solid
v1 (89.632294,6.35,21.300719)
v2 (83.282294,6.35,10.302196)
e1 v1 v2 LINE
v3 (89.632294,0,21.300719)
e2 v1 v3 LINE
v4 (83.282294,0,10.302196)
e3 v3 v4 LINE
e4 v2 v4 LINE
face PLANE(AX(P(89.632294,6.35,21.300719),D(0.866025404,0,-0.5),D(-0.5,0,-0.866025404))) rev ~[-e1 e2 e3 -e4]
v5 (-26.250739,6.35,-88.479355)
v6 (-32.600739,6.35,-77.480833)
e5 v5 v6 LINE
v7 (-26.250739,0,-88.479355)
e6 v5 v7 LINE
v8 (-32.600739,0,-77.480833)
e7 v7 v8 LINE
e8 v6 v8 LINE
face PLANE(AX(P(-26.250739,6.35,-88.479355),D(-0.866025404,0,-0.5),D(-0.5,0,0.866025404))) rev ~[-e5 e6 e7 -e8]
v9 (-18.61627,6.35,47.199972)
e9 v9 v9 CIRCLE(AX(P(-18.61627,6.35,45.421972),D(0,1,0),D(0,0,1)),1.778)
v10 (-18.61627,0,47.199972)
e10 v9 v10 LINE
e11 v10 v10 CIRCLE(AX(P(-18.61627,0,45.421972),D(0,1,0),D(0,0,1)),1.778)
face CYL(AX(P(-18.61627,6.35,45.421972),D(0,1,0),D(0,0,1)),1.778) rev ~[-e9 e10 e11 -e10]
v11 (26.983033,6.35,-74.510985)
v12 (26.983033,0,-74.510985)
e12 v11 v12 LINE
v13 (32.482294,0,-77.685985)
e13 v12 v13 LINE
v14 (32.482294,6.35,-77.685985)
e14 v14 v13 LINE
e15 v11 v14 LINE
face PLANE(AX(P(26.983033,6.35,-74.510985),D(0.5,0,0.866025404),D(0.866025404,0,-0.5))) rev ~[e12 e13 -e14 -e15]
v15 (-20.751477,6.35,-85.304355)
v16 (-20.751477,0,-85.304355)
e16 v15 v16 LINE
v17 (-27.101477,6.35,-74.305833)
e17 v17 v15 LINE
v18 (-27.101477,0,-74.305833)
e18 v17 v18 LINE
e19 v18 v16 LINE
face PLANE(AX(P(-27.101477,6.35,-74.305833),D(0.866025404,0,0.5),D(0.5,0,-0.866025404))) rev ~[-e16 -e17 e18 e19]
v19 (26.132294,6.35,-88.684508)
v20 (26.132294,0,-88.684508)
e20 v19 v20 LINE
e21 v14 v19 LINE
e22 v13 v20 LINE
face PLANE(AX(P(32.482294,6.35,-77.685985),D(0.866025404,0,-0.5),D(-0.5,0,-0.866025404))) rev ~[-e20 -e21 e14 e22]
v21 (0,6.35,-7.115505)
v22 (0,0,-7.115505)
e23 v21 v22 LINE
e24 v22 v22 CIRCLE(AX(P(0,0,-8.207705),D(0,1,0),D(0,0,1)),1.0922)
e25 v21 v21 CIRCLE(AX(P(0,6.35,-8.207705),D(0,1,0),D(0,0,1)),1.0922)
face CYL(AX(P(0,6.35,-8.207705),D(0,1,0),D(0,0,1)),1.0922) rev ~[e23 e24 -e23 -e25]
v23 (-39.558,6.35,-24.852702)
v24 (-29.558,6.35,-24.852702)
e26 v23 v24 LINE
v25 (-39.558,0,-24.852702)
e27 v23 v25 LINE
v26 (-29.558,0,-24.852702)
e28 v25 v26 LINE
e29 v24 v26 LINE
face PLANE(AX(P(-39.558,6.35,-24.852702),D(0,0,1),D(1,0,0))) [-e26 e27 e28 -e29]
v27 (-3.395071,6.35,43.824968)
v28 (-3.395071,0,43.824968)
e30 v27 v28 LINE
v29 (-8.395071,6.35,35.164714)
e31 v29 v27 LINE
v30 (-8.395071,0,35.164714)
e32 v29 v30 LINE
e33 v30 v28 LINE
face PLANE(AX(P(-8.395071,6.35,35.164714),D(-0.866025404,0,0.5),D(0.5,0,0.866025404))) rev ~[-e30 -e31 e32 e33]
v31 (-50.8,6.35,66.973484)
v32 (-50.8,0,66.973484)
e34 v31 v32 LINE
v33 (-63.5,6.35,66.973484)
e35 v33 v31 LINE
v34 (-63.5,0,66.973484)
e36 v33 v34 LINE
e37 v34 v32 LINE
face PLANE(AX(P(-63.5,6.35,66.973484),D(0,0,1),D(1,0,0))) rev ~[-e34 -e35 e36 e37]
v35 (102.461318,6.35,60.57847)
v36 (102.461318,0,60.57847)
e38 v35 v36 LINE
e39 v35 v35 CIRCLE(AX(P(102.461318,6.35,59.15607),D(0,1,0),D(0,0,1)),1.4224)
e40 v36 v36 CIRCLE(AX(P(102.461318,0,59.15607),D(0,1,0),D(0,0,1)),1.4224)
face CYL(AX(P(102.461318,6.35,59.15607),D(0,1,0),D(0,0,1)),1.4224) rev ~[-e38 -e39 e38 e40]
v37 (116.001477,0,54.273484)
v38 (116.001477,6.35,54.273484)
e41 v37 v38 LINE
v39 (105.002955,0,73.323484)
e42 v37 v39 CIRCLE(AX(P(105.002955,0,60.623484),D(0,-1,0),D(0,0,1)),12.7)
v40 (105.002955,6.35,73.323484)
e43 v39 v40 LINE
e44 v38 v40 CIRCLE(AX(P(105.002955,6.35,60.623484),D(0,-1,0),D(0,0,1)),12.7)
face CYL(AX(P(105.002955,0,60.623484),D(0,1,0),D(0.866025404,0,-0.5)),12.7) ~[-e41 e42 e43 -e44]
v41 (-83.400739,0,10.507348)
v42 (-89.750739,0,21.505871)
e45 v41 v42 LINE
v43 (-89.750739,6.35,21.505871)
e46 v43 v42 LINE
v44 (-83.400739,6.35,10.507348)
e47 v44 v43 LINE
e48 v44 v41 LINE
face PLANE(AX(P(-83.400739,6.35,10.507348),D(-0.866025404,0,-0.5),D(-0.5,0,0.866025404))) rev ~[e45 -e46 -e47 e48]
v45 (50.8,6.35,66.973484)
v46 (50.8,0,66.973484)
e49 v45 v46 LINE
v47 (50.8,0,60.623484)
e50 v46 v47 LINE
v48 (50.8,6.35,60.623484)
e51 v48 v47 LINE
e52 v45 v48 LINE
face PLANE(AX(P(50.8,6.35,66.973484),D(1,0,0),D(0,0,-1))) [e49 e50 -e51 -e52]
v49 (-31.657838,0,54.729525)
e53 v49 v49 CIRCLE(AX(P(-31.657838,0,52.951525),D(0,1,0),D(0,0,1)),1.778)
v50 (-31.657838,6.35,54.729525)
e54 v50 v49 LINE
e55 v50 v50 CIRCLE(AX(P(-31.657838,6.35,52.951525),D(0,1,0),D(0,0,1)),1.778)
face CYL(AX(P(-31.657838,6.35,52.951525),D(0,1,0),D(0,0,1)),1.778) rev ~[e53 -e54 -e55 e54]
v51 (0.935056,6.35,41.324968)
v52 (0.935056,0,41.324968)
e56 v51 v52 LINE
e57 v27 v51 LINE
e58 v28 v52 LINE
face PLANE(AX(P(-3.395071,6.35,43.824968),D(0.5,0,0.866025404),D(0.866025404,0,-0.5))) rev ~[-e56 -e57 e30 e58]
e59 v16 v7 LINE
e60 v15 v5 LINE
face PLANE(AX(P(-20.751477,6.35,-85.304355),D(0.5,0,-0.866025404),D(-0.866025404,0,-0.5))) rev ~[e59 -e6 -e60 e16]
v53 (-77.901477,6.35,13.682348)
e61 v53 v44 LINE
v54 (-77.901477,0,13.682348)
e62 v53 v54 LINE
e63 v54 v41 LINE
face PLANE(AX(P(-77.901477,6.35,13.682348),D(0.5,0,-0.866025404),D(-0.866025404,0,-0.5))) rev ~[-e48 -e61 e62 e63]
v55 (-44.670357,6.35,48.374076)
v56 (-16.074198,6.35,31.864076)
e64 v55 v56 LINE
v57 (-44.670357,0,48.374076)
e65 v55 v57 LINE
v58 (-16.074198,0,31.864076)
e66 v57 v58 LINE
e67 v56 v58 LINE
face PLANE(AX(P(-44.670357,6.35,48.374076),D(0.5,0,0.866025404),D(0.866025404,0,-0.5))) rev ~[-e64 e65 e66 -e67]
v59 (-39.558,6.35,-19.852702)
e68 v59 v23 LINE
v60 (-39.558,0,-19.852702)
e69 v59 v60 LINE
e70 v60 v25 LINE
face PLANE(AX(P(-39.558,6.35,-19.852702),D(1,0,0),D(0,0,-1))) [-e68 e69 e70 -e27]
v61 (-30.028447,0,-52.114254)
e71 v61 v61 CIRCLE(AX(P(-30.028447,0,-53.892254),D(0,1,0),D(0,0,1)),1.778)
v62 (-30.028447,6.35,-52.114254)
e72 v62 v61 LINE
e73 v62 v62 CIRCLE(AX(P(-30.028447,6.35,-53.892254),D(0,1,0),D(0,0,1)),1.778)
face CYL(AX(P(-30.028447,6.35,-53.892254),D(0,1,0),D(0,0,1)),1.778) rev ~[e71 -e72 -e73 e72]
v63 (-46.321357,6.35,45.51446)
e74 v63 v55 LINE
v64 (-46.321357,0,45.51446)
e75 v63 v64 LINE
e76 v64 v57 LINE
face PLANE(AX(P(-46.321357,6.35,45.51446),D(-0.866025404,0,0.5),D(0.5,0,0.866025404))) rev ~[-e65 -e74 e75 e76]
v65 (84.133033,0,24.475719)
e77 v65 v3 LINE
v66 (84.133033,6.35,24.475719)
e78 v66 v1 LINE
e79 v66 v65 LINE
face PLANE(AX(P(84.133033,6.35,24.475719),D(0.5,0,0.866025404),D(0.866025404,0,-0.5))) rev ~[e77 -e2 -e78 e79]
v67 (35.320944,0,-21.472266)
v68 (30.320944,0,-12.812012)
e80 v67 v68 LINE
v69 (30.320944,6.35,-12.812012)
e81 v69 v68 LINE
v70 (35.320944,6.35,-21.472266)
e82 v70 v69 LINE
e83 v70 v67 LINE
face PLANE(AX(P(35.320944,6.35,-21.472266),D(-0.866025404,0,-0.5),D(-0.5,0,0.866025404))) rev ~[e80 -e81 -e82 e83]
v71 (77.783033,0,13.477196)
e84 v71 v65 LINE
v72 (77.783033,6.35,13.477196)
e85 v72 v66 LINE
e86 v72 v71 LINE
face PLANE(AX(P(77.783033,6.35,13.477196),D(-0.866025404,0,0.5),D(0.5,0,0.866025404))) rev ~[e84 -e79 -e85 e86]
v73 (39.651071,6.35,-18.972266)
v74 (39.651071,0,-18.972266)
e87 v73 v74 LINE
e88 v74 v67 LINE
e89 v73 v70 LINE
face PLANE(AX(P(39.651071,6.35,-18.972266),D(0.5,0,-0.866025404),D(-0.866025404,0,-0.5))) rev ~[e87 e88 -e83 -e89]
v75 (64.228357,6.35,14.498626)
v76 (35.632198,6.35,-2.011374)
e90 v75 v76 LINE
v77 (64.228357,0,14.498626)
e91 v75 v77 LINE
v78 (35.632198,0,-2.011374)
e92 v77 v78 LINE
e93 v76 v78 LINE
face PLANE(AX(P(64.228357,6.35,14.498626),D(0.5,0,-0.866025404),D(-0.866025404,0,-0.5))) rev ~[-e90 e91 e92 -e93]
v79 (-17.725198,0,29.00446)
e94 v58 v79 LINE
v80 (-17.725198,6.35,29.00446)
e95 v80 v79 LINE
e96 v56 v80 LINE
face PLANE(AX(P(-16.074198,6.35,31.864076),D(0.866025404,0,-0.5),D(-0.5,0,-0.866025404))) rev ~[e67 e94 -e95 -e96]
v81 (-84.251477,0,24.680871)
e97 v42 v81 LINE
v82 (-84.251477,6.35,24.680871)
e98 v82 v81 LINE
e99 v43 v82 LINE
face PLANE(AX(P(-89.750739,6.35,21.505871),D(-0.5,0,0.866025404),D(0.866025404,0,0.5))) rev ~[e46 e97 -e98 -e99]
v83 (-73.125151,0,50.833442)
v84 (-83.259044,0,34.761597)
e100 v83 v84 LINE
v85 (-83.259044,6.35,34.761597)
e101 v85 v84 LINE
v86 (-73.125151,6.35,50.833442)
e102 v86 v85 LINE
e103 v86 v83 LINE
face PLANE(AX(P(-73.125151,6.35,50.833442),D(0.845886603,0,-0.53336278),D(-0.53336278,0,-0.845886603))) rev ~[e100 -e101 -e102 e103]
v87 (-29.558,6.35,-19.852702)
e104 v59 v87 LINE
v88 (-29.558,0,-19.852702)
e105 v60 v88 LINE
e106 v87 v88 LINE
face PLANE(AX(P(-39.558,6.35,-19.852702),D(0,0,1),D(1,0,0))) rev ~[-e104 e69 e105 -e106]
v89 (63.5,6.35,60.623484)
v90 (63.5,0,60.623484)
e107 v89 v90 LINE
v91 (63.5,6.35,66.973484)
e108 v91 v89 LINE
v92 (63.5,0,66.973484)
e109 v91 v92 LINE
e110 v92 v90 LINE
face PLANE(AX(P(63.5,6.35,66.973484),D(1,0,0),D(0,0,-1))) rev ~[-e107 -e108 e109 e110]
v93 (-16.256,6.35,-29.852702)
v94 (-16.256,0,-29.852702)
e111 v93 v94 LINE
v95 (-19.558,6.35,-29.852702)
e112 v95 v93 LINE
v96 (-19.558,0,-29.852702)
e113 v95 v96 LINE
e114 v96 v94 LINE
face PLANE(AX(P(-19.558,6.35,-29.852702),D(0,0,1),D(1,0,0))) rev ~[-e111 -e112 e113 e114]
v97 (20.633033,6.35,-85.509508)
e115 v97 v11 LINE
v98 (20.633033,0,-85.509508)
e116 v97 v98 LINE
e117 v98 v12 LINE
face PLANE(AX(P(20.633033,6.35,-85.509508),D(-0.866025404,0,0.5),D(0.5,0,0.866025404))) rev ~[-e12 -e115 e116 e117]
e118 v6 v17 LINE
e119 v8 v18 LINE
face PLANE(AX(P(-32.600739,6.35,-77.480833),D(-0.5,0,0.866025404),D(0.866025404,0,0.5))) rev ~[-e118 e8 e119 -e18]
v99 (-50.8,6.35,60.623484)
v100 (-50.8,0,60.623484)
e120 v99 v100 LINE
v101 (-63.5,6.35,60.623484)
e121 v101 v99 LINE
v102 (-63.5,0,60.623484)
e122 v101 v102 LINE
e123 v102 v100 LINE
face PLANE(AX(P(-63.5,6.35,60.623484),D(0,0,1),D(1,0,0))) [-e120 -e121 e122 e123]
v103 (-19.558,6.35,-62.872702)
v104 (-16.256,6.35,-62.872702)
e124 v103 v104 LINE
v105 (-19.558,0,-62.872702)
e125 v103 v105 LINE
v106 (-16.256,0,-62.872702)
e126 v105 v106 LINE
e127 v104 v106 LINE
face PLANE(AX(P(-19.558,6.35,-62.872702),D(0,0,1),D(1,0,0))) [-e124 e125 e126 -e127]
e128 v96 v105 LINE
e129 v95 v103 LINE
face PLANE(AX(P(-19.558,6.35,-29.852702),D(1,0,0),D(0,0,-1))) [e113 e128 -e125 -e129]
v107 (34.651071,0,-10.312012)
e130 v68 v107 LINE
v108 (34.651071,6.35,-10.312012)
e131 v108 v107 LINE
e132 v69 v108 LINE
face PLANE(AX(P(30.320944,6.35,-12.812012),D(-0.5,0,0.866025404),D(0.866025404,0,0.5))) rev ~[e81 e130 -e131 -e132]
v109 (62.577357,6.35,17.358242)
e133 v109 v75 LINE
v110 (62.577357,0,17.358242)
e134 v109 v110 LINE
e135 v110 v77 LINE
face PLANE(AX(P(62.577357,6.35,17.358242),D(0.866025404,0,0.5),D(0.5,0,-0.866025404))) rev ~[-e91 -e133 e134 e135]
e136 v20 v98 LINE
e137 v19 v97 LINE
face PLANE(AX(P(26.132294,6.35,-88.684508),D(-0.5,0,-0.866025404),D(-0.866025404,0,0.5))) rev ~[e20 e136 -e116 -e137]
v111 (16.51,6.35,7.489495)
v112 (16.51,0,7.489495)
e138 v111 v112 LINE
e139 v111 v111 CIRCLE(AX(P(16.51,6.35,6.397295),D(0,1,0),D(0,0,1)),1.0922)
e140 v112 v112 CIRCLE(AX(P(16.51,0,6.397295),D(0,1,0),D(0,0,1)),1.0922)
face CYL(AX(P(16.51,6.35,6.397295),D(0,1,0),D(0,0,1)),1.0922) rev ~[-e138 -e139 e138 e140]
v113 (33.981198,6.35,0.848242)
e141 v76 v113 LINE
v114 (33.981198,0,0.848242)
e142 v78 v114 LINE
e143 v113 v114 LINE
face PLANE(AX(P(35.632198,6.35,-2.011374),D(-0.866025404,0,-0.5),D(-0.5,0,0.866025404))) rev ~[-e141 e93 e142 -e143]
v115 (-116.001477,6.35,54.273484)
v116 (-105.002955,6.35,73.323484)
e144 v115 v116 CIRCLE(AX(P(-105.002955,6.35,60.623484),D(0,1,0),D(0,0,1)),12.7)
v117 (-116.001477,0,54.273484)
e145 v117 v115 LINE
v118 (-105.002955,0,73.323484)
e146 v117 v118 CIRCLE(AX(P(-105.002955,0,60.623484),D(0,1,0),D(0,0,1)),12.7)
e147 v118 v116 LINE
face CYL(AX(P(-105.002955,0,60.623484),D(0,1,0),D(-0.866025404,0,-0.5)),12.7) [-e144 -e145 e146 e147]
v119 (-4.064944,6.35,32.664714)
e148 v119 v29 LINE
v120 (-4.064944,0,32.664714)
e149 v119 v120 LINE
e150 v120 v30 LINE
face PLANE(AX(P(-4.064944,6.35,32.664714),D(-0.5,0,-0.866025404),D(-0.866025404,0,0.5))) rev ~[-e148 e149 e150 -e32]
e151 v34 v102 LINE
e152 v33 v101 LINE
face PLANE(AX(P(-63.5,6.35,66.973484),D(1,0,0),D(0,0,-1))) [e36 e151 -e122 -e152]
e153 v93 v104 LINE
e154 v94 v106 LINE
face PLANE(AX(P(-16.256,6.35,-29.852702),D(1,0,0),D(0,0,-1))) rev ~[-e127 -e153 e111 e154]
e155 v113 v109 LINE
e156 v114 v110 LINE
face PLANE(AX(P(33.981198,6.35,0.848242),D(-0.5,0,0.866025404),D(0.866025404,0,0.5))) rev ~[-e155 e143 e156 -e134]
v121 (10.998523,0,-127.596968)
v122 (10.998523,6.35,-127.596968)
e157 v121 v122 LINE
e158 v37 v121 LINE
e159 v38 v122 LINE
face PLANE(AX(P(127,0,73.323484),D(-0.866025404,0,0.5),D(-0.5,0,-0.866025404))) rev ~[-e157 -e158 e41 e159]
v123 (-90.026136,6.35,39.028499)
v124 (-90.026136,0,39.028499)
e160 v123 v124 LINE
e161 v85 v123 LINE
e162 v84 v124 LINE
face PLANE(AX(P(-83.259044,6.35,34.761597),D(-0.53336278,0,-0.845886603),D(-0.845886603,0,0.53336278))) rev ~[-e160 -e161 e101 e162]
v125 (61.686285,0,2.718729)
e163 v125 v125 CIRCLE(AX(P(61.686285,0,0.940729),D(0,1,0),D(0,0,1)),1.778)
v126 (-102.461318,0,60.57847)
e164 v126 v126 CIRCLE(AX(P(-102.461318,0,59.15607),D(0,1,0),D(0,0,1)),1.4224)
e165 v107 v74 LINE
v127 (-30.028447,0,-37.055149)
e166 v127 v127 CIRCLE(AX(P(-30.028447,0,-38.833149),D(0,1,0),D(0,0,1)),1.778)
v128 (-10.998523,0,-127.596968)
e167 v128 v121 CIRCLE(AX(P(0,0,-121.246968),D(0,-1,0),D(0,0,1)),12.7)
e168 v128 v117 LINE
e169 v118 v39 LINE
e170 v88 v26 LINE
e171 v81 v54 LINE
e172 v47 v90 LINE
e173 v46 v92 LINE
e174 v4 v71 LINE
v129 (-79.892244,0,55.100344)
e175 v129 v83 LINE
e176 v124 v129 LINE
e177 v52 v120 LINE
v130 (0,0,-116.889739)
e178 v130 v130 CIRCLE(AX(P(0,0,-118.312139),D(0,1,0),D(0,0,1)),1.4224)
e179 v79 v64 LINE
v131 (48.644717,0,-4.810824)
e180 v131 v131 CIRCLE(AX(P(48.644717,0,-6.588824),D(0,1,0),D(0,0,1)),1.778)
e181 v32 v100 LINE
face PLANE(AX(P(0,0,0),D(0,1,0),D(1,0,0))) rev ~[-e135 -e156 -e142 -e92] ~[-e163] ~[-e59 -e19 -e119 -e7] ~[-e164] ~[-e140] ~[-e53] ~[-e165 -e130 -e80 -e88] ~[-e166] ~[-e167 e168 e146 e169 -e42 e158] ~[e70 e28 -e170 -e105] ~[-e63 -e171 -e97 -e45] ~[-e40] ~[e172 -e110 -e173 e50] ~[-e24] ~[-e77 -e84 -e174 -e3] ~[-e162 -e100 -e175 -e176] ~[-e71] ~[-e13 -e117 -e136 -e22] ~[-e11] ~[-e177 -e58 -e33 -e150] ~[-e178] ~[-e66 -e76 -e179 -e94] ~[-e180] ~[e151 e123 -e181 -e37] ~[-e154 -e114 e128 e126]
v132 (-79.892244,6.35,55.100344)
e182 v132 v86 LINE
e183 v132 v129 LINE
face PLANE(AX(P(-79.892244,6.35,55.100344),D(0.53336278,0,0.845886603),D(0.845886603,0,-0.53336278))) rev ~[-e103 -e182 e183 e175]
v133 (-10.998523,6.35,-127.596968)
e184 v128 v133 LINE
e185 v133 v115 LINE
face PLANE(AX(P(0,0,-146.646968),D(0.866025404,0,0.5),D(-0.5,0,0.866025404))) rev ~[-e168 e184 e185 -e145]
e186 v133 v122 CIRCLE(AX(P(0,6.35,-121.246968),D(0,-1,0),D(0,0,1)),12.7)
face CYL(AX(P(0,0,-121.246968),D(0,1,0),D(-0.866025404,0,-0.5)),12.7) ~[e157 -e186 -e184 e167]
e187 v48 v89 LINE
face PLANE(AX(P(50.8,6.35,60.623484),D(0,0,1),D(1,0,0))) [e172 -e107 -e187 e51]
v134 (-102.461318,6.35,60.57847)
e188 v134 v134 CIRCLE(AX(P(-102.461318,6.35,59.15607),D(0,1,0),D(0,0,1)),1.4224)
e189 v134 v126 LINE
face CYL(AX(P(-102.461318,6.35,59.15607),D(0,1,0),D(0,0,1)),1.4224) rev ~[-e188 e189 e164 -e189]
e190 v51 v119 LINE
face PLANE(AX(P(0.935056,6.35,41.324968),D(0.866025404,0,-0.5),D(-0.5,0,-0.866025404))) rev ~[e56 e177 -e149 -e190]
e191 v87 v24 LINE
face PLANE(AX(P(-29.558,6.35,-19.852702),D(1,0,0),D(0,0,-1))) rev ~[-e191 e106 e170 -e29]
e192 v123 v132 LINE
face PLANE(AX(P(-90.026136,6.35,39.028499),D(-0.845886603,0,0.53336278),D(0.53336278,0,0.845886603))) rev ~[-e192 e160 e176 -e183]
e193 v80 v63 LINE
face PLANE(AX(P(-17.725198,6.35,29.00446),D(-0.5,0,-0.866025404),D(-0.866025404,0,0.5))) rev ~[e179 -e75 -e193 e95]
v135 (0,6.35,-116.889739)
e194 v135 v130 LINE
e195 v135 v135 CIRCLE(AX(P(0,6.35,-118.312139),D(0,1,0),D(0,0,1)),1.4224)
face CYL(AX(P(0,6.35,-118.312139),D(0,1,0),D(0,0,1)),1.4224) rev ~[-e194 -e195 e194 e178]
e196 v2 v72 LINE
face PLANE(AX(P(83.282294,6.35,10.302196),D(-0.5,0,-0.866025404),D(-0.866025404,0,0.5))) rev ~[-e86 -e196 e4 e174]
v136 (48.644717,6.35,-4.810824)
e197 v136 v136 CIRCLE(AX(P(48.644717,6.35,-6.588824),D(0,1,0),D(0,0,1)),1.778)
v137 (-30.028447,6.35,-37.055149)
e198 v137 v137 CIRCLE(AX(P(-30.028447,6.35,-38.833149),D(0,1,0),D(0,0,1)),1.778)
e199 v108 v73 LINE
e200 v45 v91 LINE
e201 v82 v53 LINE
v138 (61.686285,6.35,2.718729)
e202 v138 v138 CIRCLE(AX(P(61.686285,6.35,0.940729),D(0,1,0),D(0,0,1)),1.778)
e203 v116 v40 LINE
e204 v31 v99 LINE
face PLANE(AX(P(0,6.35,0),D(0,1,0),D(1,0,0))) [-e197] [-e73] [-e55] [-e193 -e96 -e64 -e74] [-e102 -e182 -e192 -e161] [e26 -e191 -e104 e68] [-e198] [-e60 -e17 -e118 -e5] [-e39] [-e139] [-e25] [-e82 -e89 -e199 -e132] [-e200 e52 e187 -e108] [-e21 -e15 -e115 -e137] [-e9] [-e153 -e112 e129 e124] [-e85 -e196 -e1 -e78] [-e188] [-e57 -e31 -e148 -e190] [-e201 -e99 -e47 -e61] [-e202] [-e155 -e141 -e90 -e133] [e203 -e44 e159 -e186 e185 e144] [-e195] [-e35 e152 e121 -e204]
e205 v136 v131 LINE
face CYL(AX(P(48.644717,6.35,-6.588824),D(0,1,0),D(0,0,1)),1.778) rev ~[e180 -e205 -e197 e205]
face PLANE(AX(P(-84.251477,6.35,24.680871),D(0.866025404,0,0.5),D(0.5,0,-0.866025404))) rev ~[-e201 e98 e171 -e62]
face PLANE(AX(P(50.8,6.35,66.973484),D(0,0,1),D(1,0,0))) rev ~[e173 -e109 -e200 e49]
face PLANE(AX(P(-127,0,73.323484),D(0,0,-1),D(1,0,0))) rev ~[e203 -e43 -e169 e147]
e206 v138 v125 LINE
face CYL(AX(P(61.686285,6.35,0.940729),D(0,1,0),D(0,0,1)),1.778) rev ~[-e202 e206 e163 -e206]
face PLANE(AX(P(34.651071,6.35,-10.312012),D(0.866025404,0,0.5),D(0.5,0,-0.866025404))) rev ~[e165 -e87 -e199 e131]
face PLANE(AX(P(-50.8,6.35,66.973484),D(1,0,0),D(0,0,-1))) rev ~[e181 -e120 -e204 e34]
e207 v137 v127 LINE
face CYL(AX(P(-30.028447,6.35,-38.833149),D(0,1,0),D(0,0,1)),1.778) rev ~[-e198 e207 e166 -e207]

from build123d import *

# Parameters (mm, degrees)
BOSS_EXTRUDE1_DEPTH = 6.35
SKETCH2_W           = 3.302
SKETCH2_H           = 33.02
SKETCH2_R           = 1.778
CUT_EXTRUDE1_DEPTH  = 195.099602868
SKETCH3_R           = 1.4224
SKETCH3_W           = 10
SKETCH3_H           = 5
CUT_EXTRUDE2_DEPTH  = 195.099602868
SKETCH4_R           = 1.0922
CUT_EXTRUDE3_DEPTH  = 195.099602868
FILLET1_R           = 12.7
SKETCH5_W           = 12.7
SKETCH5_H           = 6.35
CUT_EXTRUDE4_DEPTH  = 179.426731159
CUT_EXTRUDE5_DEPTH  = 179.426731159


with BuildPart() as part:
    # Sketch1 → Boss-Extrude1 (new body)
    with BuildSketch(Plane(origin=(0, 0, 0), x_dir=(1, 0, 0), z_dir=(0, 1, 0))):
        Polygon((0, 146.646968374), (-127, -73.323484187), (127, -73.323484187), align=None)
    extrude(amount=BOSS_EXTRUDE1_DEPTH)

    # Sketch2 → Cut-Extrude1 (cut, through all)
    with BuildSketch(Plane(origin=(0, 6.35, 0), x_dir=(1, 0, 0), z_dir=(0, 1, 0))):
        with Locations((-17.907, 46.362701567)):
            Rectangle(SKETCH2_W, SKETCH2_H)
        Polygon((64.228356761, -14.498625936), (35.632197928, 2.011374064), (33.981197928, -0.848241819), (62.577356761, -17.358241819), align=None)
        with Locations(Location((48.644716778, 6.588823684, 0), (0, 0, 270))):
            Circle(SKETCH2_R)
        with Locations(Location((61.686284992, -0.940729235, 0), (0, 0, 270))):
            Circle(SKETCH2_R)
        with Locations(Location((-30.028447081, 38.833148648, 0), (0, 0, 270))):
            Circle(SKETCH2_R)
        with Locations(Location((-30.028447081, 53.892254486, 0), (0, 0, 270))):
            Circle(SKETCH2_R)
        Polygon((-16.074197928, -31.864075631), (-17.725197928, -29.004459747), (-46.321356761, -45.514459747), (-44.670356761, -48.374075631), align=None)
        with Locations(Location((-18.616269697, -45.421972332, 0), (0, 0, 270))):
            Circle(SKETCH2_R)
        with Locations(Location((-31.657837912, -52.951525251, 0), (0, 0, 270))):
            Circle(SKETCH2_R)
    extrude(amount=-CUT_EXTRUDE1_DEPTH, mode=Mode.SUBTRACT)

    # Sketch3 → Cut-Extrude2 (cut, through all)
    with BuildSketch(Plane(origin=(0, 6.35, 0), x_dir=(1, 0, 0), z_dir=(0, 1, 0))):
        with Locations(Location((0, 118.312139176, 0), (0, 0, 270))):
            Circle(SKETCH3_R)
        with Locations(Location((-102.461318102, -59.156069588, 0), (0, 0, 270))):
            Circle(SKETCH3_R)
        with Locations(Location((102.461318102, -59.156069588, 0), (0, 0, 270))):
            Circle(SKETCH3_R)
        with Locations((-34.558, 22.352701567)):
            Rectangle(SKETCH3_W, SKETCH3_H)
        Polygon((0.935056109, -41.324967823), (-4.064943891, -32.664713785), (-8.395070909, -35.164713785), (-3.395070909, -43.824967823), align=None)
        Polygon((35.320943891, 21.472266256), (30.320943891, 12.812012218), (34.651070909, 10.312012218), (39.651070909, 18.972266256), align=None)
    extrude(amount=-CUT_EXTRUDE2_DEPTH, mode=Mode.SUBTRACT)

    # Sketch4 → Cut-Extrude3 (cut, through all)
    with BuildSketch(Plane(origin=(0, 6.35, 0), x_dir=(1, 0, 0), z_dir=(0, 1, 0))):
        with Locations(Location((0, 8.207705491, 0), (0, 0, 270))):
            Circle(SKETCH4_R)
        with Locations(Location((16.51, -6.397294509, 0), (0, 0, 270))):
            Circle(SKETCH4_R)
    extrude(amount=-CUT_EXTRUDE3_DEPTH, mode=Mode.SUBTRACT)

    # Fillet1
    fillet1_edges = [part.edges().sort_by_distance(p)[0] for p in [
        (127, 3.175, 73.323484187),
        (-127, 3.175, 73.323484187),
        (0, 3.175, -146.646968374),
    ]]
    fillet(fillet1_edges, radius=FILLET1_R)

    # Sketch5 → Cut-Extrude4 (cut, through all)
    with BuildSketch(Plane(origin=(0, 6.35, 0), x_dir=(1, 0, 0), z_dir=(0, 1, 0))):
        with Locations((-57.15, -63.798484187)):
            Rectangle(SKETCH5_W, SKETCH5_H)
        with Locations((57.15, -63.798484187)):
            Rectangle(SKETCH5_W, SKETCH5_H)
        Polygon((89.632293954, -21.300718754), (83.282293954, -10.302196126), (77.78303264, -13.477196126), (84.13303264, -24.475718754), align=None)
        Polygon((26.98303264, 74.510984899), (32.482293954, 77.685984899), (26.132293954, 88.684507527), (20.63303264, 85.509507527), align=None)
        Polygon((-26.250738686, 88.479355234), (-32.600738686, 77.480832606), (-27.101477372, 74.305832606), (-20.751477372, 85.304355234), align=None)
        Polygon((-77.901477372, -13.682348419), (-83.400738686, -10.507348419), (-89.750738686, -21.505871047), (-84.251477372, -24.680871047), align=None)
    extrude(amount=-CUT_EXTRUDE4_DEPTH, mode=Mode.SUBTRACT)

    # Sketch6 → Cut-Extrude5 (cut, through all)
    with BuildSketch(Plane(origin=(0, 6.35, 0), x_dir=(1, 0, 0), z_dir=(0, 1, 0))):
        Polygon((-73.125150775, -50.833442097), (-83.259043602, -34.761596647), (-90.026136423, -39.02849889), (-79.892243597, -55.10034434), align=None)
    extrude(amount=-CUT_EXTRUDE5_DEPTH, mode=Mode.SUBTRACT)


solid = part.part
